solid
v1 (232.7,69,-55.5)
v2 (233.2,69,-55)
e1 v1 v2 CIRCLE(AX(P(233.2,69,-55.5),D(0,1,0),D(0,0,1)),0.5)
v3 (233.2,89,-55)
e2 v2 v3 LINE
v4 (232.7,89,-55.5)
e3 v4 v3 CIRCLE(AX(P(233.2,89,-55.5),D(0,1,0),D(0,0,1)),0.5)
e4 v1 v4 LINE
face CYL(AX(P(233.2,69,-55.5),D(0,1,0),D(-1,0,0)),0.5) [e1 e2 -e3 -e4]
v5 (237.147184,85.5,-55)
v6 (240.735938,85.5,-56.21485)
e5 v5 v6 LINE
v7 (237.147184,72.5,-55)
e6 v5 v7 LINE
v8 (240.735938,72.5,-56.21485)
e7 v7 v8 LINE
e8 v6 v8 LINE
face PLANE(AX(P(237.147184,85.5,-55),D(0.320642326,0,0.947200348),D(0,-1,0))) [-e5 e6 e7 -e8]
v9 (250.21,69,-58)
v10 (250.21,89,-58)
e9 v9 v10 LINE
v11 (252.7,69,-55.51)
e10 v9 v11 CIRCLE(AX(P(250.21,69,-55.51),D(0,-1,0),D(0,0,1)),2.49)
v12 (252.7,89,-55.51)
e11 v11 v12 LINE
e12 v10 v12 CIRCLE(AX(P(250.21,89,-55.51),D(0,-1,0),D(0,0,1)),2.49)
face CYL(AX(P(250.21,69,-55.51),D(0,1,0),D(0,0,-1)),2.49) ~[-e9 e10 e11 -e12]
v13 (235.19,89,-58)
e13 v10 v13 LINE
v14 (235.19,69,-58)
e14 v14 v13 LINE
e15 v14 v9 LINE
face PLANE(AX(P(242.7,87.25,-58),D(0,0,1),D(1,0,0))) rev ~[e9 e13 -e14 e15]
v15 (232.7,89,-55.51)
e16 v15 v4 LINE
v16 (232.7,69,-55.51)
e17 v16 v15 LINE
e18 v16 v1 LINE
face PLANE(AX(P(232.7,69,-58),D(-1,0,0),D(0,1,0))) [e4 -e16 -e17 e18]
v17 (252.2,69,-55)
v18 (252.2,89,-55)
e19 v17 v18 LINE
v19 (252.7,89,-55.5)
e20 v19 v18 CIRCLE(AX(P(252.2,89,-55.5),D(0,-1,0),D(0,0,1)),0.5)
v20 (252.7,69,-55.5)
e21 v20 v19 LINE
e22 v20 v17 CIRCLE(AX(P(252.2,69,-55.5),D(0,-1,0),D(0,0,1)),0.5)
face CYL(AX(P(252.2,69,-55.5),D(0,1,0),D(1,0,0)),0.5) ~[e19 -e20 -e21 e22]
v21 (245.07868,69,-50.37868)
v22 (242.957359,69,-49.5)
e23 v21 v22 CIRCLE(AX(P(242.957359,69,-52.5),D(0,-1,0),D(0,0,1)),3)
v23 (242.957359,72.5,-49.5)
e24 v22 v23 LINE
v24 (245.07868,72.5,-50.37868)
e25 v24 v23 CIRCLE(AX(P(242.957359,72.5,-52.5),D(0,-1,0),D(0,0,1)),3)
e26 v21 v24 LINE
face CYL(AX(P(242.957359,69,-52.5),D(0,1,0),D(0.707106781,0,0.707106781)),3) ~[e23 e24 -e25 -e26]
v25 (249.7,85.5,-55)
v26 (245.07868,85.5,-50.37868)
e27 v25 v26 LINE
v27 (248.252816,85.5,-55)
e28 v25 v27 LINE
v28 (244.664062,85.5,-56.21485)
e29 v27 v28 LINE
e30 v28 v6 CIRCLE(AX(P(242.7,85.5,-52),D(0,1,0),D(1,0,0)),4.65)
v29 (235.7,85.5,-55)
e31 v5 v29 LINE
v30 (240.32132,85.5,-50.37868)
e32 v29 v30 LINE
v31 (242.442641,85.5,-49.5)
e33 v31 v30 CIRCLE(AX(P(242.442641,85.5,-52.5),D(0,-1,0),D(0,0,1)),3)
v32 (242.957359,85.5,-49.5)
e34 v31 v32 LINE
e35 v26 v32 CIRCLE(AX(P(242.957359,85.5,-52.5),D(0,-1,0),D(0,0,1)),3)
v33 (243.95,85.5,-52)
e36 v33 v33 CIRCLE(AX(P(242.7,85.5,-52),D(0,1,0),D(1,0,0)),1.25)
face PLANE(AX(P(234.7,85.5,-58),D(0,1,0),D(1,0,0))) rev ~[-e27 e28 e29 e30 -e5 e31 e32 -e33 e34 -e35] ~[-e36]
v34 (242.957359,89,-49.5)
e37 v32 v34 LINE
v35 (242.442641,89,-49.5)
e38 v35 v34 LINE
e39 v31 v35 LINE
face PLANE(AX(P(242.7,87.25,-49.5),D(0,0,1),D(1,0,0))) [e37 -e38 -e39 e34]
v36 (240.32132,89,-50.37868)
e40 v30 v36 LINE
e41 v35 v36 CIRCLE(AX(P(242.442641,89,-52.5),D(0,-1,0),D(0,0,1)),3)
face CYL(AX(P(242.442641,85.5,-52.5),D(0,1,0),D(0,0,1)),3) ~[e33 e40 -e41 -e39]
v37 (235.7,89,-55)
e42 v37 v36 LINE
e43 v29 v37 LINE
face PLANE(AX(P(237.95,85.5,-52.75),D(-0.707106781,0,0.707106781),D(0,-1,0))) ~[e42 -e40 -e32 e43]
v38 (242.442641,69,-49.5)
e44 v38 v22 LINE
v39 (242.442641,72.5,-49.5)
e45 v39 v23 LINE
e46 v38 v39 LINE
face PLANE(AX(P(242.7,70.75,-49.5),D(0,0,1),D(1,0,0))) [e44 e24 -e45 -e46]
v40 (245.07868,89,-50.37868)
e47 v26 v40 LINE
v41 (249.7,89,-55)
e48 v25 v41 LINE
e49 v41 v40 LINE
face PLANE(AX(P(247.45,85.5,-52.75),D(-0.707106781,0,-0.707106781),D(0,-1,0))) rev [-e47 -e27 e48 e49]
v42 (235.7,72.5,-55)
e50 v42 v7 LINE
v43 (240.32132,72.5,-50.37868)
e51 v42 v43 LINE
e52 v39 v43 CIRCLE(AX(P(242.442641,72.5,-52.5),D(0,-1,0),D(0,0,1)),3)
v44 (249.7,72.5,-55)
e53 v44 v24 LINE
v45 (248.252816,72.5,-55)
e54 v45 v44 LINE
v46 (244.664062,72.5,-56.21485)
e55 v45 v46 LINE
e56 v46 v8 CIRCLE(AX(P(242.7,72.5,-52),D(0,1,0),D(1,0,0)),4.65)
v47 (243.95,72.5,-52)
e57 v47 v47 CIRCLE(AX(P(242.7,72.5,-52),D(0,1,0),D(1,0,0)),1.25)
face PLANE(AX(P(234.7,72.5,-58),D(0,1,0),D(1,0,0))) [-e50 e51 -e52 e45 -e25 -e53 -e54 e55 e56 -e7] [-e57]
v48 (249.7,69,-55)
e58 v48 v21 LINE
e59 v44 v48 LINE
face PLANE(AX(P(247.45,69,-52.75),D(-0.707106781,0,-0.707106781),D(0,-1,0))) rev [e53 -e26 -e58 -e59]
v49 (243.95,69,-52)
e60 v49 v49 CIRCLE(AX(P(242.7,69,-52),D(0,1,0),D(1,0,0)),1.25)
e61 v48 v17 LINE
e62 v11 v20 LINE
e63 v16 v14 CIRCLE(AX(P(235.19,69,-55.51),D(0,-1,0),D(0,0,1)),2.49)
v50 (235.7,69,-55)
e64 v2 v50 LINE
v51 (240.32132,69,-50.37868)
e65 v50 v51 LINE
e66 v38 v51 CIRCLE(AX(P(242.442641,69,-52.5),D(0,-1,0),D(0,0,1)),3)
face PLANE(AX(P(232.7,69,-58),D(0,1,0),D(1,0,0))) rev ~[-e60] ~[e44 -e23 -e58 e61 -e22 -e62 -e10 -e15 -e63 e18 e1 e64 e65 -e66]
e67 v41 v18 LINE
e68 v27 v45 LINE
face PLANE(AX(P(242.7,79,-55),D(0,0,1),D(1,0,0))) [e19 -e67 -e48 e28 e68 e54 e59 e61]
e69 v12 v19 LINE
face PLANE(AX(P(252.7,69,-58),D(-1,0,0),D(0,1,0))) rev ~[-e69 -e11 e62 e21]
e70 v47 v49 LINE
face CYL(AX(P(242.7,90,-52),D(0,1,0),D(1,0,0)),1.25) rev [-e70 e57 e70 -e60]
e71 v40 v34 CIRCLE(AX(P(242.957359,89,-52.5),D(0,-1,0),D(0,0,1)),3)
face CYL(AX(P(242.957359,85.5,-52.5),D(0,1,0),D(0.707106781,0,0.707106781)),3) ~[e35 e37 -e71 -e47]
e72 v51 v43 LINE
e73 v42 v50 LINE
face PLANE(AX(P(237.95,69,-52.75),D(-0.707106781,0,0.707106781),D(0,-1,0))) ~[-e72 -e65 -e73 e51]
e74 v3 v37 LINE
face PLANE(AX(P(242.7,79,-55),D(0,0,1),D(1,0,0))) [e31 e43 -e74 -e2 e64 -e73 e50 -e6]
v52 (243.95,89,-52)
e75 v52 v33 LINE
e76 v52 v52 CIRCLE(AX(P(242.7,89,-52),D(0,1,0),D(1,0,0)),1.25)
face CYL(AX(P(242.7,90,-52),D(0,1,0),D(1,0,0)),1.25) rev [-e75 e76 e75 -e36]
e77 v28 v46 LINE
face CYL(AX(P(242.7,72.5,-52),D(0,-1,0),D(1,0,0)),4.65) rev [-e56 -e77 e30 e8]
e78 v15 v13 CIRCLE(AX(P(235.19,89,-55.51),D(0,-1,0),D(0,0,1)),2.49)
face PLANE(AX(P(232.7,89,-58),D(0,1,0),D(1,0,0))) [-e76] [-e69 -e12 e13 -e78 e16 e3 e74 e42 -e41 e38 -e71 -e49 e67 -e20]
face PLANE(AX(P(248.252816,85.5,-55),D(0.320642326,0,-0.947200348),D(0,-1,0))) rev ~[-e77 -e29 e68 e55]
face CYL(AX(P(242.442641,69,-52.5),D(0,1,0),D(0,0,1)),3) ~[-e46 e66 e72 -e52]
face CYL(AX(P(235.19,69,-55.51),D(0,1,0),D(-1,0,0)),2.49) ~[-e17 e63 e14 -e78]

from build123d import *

# Parameters (mm, degrees)
CYLINDER222_R     = 1.25
CYLINDER222_DEPTH = 22
CYLINDER221_R     = 4.65
CYLINDER221_DEPTH = 13
BOX148_W          = 20
BOX148_H          = 20
BOX148_DEPTH      = 3
CHAMFER007_SIZE   = 2
BOX149_W          = 16
BOX149_H          = 3.5
BOX149_DEPTH      = 8.5
CHAMFER008_SIZE   = 6.5
BOX147_W          = 16
BOX147_H          = 3.5
BOX147_DEPTH      = 8.5
CHAMFER006_SIZE   = 6.5
FILLET064_R       = 3
FILLET063_R       = 2.49
FILLET062_R       = 0.5


with BuildPart() as cylinder494:
    # Cylinder222 → Cylinder222 (new body)
    with BuildSketch(Plane(origin=(320, 13, -68), x_dir=(1, 0, 0), z_dir=(0, -1, 0))):
        Circle(CYLINDER222_R)
    extrude(amount=CYLINDER222_DEPTH)


with BuildPart() as cylinder493:
    # Cylinder221 → Cylinder221 (new body)
    with BuildSketch(Plane(origin=(320, -4.5, -68), x_dir=(1, 0, 0), z_dir=(0, 1, 0))):
        Circle(CYLINDER221_R)
    extrude(amount=CYLINDER221_DEPTH)


with BuildPart() as chamfer007:
    # Box148 → Box148 (new body)
    with BuildSketch(Plane(origin=(310, -8, -74), x_dir=(1, 0, 0), z_dir=(0, 0, 1))):
        with Locations((10, 10)):
            Rectangle(BOX148_W, BOX148_H)
    extrude(amount=BOX148_DEPTH)

    # Cut156: cut Cylinder493
    add(cylinder493.part, mode=Mode.SUBTRACT)

    # Chamfer007
    chamfer007_edges = [chamfer007.edges().sort_by_distance(p)[0] for p in [
        (323.552816, 2, -71),
        (316.447184, 2, -71),
    ]]
    chamfer(chamfer007_edges, length=CHAMFER007_SIZE)


with BuildPart() as chamfer008:
    # Box149 → Box149 (new body)
    with BuildSketch(Plane(origin=(311, 8.5, -74), x_dir=(1, 0, 0), z_dir=(0, 0, 1))):
        with Locations((8, 1.75)):
            Rectangle(BOX149_W, BOX149_H)
    extrude(amount=BOX149_DEPTH)

    # Chamfer008
    chamfer008_edges = [chamfer008.edges().sort_by_distance(p)[0] for p in [
        (311, 10.25, -65.5),
        (327, 10.25, -65.5),
    ]]
    chamfer(chamfer008_edges, length=CHAMFER008_SIZE)


with BuildPart() as chamfer008_1:
    # Chamfer008 placement: moved
    add(chamfer008.part.moved(Location((1, 0, 0))))


with BuildPart() as supports_right_foot:
    # Box147 → Box147 (new body)
    with BuildSketch(Plane(origin=(311, 8.5, -74), x_dir=(1, 0, 0), z_dir=(0, 0, 1))):
        with Locations((8, 1.75)):
            Rectangle(BOX147_W, BOX147_H)
    extrude(amount=BOX147_DEPTH)

    # Chamfer006
    chamfer006_edges = [supports_right_foot.edges().sort_by_distance(p)[0] for p in [
        (311, 10.25, -65.5),
        (327, 10.25, -65.5),
    ]]
    chamfer(chamfer006_edges, length=CHAMFER006_SIZE)


with BuildPart() as supports_right_foot_1:
    # Chamfer006 placement: moved
    add(supports_right_foot.part.moved(Location((1, -16.5, 0))))

    # Fusion190: union Chamfer007, Chamfer008
    add(chamfer007.part)
    add(chamfer008_1.part)

    # Fillet064
    fillet064_edges = [supports_right_foot_1.edges().sort_by_distance(p)[0] for p in [
        (318.5, -6.25, -65.5),
        (321.5, -6.25, -65.5),
        (318.5, 10.25, -65.5),
        (321.5, 10.25, -65.5),
    ]]
    fillet(fillet064_edges, radius=FILLET064_R)

    # Fillet063
    fillet063_edges = [supports_right_foot_1.edges().sort_by_distance(p)[0] for p in [
        (330, 2, -74),
        (310, 2, -74),
    ]]
    fillet(fillet063_edges, radius=FILLET063_R)

    # Fillet062
    fillet062_edges = [supports_right_foot_1.edges().sort_by_distance(p)[0] for p in [
        (330, 2, -71),
        (310, 2, -71),
    ]]
    fillet(fillet062_edges, radius=FILLET062_R)

    # Cut155: cut Cylinder494
    add(cylinder494.part, mode=Mode.SUBTRACT)


with BuildPart() as supports_right_foot_2:
    # Cut155 placement: moved
    add(supports_right_foot_1.part.moved(Location((-77.3, 77, 16))))


solid = supports_right_foot_2.part
